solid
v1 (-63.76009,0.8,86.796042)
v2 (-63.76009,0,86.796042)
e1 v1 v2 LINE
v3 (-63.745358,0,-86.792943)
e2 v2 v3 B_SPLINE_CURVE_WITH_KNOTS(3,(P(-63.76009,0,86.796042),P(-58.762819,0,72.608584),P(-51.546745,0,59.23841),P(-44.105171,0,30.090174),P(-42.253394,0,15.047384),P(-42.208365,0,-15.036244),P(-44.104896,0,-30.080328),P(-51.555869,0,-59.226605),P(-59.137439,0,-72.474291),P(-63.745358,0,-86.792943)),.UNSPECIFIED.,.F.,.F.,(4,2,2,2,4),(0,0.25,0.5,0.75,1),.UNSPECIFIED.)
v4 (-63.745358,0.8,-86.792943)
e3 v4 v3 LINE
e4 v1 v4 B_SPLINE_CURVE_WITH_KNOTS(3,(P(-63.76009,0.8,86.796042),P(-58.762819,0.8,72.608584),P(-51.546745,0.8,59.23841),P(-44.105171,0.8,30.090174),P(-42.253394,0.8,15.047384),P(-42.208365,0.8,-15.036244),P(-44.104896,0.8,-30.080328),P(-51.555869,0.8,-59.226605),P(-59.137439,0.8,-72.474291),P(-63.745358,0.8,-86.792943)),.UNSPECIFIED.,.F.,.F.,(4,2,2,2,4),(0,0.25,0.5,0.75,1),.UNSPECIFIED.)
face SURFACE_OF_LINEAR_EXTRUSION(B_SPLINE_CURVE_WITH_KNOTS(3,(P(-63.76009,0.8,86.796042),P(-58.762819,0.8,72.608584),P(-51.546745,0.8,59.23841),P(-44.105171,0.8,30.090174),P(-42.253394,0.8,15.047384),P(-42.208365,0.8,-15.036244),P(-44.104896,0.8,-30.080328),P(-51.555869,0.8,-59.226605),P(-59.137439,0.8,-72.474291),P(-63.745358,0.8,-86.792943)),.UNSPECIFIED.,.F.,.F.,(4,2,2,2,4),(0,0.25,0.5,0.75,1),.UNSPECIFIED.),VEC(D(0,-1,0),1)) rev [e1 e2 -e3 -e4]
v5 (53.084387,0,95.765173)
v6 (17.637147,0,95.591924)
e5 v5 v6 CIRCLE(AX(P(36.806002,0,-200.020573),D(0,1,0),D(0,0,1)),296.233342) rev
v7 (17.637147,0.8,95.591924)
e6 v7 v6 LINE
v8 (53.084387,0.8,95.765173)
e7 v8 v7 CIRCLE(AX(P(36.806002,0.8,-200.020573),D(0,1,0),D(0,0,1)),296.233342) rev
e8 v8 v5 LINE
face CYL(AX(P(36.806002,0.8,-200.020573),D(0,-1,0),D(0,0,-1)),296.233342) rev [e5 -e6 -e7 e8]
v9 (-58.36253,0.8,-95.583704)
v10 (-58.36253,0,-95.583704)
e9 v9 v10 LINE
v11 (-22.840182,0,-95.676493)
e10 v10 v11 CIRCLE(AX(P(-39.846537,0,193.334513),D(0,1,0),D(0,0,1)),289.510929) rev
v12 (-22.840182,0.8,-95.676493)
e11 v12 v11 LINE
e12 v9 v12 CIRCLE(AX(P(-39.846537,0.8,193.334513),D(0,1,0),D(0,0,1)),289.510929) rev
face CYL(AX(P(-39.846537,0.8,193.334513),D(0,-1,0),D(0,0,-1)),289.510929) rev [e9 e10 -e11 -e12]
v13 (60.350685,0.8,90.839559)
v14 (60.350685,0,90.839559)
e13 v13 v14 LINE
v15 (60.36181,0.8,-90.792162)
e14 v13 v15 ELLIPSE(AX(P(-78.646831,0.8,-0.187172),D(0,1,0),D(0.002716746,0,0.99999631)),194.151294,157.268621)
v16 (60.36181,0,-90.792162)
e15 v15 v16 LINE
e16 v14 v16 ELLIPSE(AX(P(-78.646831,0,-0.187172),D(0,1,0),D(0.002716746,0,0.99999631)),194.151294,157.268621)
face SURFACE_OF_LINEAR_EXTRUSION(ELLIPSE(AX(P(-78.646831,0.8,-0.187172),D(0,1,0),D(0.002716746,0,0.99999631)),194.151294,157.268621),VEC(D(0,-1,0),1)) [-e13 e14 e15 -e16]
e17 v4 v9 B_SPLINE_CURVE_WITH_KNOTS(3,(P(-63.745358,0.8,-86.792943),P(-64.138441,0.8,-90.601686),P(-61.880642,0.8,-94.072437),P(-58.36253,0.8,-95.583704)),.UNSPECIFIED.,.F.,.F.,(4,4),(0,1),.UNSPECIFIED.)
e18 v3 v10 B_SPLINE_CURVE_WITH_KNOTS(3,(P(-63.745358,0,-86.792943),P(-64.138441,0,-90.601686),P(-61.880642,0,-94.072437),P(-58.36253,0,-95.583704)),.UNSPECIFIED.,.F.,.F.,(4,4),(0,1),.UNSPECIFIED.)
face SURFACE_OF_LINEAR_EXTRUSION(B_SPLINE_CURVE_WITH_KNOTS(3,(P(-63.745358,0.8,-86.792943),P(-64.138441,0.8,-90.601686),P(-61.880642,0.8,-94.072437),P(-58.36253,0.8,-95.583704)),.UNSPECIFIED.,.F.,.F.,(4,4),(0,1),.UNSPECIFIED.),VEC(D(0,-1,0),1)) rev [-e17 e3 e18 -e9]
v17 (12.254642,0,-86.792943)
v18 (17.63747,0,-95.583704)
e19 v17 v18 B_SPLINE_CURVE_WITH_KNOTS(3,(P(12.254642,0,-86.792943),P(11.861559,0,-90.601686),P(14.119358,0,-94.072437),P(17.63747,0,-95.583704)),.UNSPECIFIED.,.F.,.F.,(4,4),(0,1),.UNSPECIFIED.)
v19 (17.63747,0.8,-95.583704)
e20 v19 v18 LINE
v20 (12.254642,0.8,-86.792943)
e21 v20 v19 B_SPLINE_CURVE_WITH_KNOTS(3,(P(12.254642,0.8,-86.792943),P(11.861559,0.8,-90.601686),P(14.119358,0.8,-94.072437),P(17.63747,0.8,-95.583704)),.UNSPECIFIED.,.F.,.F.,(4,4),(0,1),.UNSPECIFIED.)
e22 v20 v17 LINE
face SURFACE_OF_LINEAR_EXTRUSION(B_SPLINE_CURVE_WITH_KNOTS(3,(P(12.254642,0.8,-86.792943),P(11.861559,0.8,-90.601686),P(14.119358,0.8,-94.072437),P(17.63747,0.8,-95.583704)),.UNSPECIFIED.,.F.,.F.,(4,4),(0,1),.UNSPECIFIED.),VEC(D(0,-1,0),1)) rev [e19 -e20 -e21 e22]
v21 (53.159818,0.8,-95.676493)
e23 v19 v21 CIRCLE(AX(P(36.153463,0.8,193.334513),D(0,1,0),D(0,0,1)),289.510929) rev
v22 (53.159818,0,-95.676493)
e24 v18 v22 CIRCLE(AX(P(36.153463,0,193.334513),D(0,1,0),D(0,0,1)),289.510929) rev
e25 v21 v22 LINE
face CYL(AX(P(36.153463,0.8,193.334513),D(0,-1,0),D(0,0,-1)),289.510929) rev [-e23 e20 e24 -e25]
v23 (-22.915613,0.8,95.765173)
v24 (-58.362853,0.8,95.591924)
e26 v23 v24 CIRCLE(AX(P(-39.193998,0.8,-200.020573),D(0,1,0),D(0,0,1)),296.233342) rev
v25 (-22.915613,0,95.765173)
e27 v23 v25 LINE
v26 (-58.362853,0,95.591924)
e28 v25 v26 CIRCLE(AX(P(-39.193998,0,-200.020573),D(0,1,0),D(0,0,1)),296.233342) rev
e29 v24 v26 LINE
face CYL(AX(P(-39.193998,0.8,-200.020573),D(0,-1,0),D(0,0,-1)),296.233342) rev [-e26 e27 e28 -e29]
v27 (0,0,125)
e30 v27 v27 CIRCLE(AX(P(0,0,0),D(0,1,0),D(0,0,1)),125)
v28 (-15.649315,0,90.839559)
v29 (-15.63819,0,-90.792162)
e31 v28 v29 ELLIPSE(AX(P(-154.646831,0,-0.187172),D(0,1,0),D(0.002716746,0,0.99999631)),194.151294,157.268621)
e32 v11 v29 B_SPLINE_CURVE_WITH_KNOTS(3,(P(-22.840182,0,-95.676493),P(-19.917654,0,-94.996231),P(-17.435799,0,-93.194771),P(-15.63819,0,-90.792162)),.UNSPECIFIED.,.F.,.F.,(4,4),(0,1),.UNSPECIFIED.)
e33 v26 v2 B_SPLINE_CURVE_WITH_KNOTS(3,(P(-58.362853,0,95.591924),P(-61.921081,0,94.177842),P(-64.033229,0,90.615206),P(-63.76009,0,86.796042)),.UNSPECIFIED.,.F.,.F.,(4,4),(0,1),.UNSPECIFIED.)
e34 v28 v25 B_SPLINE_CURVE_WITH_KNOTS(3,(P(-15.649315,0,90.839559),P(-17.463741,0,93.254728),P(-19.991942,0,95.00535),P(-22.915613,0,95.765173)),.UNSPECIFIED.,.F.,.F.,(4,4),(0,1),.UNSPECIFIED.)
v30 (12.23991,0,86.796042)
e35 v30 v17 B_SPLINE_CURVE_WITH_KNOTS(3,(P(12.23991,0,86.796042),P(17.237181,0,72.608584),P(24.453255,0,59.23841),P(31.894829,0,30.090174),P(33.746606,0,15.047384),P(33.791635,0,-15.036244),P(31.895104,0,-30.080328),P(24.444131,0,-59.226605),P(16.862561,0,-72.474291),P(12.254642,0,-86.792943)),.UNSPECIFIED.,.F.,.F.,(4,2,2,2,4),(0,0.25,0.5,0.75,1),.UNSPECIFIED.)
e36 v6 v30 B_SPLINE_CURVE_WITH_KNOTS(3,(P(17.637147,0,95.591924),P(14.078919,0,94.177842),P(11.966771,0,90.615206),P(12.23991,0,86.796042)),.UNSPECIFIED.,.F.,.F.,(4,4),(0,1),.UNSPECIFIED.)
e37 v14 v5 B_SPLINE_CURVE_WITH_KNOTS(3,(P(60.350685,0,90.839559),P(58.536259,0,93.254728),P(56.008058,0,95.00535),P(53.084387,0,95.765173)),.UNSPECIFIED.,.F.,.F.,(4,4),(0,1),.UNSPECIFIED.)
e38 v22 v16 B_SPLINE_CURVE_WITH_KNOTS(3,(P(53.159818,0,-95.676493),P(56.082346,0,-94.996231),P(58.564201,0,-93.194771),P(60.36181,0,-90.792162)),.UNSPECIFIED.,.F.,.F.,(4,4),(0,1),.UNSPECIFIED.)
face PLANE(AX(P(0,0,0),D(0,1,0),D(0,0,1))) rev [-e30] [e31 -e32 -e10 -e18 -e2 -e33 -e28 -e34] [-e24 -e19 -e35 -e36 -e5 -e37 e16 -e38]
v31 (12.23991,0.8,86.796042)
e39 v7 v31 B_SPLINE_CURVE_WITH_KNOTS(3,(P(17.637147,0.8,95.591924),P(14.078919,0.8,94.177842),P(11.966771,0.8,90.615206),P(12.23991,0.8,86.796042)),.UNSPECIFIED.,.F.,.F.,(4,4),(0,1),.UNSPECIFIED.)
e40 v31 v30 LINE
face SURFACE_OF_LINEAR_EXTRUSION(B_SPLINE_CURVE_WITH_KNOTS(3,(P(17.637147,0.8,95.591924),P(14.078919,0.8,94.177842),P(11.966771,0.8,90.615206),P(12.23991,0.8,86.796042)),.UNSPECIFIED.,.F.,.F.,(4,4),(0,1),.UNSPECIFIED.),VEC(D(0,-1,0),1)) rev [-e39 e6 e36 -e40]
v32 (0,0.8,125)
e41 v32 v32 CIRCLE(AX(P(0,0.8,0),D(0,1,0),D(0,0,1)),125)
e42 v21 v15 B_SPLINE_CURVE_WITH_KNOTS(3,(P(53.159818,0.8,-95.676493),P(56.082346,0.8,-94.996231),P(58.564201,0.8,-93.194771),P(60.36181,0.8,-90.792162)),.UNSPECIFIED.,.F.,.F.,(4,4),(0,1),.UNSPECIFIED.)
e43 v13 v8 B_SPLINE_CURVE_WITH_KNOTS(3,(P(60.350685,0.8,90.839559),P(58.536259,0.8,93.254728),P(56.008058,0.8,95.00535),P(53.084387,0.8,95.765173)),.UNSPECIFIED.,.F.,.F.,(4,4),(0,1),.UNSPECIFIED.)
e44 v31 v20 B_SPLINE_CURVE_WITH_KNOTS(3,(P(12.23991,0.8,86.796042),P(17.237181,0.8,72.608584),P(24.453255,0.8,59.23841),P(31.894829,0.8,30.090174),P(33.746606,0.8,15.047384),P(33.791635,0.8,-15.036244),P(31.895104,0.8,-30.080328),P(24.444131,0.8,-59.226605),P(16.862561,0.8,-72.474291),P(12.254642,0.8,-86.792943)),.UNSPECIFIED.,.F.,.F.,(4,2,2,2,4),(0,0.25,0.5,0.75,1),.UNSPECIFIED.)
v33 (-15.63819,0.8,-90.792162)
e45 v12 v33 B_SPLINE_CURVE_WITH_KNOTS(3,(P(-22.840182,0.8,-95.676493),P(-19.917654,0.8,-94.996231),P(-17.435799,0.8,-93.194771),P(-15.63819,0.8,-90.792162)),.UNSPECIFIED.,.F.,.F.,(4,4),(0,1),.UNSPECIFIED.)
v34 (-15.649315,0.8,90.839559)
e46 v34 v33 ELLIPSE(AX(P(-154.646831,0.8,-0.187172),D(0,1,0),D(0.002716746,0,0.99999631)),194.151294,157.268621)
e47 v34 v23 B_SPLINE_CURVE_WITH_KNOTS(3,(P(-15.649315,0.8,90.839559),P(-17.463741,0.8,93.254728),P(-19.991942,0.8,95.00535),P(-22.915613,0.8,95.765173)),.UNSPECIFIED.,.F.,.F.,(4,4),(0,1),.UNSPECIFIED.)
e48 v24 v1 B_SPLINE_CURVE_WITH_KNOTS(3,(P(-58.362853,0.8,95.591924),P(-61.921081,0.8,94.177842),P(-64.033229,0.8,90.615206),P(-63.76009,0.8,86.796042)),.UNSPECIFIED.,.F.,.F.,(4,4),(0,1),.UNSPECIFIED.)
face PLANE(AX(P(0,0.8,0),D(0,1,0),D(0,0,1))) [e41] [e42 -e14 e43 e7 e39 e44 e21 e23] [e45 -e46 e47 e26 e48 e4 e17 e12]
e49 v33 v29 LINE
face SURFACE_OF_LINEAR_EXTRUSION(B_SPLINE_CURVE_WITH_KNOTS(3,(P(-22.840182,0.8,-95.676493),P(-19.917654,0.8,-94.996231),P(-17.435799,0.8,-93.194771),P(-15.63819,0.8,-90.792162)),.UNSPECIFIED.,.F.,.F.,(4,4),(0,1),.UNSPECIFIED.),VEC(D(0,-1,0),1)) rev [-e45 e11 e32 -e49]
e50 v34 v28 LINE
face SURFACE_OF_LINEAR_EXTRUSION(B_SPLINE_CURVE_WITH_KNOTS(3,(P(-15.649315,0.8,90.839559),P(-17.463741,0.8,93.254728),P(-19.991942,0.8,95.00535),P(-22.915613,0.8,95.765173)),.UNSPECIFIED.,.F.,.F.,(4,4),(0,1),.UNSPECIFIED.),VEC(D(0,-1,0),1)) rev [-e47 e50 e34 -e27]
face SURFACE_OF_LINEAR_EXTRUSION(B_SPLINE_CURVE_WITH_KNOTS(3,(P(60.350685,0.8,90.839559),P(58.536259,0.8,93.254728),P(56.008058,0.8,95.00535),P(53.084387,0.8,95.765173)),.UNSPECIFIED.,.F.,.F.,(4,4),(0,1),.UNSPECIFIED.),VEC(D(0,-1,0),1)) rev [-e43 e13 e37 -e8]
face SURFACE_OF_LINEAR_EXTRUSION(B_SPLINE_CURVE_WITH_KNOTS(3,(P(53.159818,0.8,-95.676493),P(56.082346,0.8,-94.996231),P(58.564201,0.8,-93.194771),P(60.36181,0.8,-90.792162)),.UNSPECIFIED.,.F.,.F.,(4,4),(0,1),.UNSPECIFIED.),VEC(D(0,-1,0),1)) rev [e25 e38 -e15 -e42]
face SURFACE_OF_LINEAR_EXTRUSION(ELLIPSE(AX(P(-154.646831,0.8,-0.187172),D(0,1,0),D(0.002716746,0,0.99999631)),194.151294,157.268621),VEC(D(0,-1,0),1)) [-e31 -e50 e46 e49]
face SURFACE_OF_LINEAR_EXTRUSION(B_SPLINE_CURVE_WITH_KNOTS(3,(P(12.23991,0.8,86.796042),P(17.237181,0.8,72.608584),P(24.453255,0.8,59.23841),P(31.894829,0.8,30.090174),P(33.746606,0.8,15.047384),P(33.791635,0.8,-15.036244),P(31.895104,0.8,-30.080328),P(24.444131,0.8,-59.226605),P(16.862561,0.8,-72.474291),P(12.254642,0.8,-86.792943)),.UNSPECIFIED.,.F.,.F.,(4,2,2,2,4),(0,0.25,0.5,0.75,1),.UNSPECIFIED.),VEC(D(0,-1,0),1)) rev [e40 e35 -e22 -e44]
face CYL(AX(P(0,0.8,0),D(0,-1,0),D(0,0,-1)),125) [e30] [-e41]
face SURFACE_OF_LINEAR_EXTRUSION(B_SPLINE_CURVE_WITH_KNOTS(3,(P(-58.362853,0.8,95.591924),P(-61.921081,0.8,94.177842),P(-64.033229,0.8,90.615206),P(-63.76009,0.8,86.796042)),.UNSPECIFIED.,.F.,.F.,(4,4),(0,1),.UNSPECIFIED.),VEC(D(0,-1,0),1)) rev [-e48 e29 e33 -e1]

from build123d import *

# Parameters (mm, degrees)
SKETCH1_R           = 125
BOSS_EXTRUDE1_DEPTH = 0.8


with BuildPart() as part:
    # Sketch1 → Boss-Extrude1 (new body)
    with BuildSketch(Plane(origin=(0, 0, 0), x_dir=(1, 0, 0), z_dir=(0, 1, 0))):
        with Locations(Location((0, 0, 0), (0, 0, 270))):
            Circle(SKETCH1_R)
        with BuildLine():
            ThreePointArc((17.637470301, 95.583703669), (35.39721968, 96.175428091), (53.159818023, 95.676493311))
            add(Edge.make_bspline(
                [(53.159818023, 95.676493311), (56.08234597, 94.996231289), (58.564200991, 93.194770615), (60.361809914, 90.792161995)],
                knots=[0, 0, 0, 0, 1, 1, 1, 1], degree=3))
            add(Edge.make_bspline(
                [(60.350685033, -90.839559126), (99.288183814, -0.082759064), (60.361809914, 90.792161995)],
                knots=[1.080613073, 1.080613073, 1.080613073, 2.054120599, 2.054120599, 2.054120599], degree=2, weights=[1, 0.88385597, 1]))
            add(Edge.make_bspline(
                [(60.350685033, -90.839559126), (58.536259011, -93.25472766), (56.008057905, -95.005350463), (53.084387141, -95.765172879)],
                knots=[0, 0, 0, 0, 1, 1, 1, 1], degree=3))
            ThreePointArc((53.084387141, -95.765172879), (35.358173243, -96.209231493), (17.637146794, -95.591923789))
            add(Edge.make_bspline(
                [(17.637146794, -95.591923789), (14.078918858, -94.177841771), (11.966771187, -90.615205857), (12.239909507, -86.796042408)],
                knots=[0, 0, 0, 0, 1, 1, 1, 1], degree=3))
            add(Edge.make_bspline(
                [(12.239909507, -86.796042408), (17.237181475, -72.608584217), (24.453254999, -59.238409711), (31.894828879, -30.090174015), (33.746605648, -15.047383971), (33.791634635, 15.036244417), (31.895103774, 30.080327703), (24.444131359, 59.226605128), (16.862561087, 72.474291436), (12.25464212, 86.792942903)],
                knots=[0, 0, 0, 0, 0.25, 0.25, 0.5, 0.5, 0.75, 0.75, 1, 1, 1, 1], degree=3))
            add(Edge.make_bspline(
                [(12.25464212, 86.792942903), (11.86155894, 90.601686389), (14.119358115, 94.07243666), (17.637470301, 95.583703669)],
                knots=[0, 0, 0, 0, 1, 1, 1, 1], degree=3))
        make_face(mode=Mode.SUBTRACT)
        with BuildLine():
            add(Edge.make_bspline(
                [(-63.760090493, -86.796042408), (-58.762818525, -72.608584217), (-51.546745001, -59.238409711), (-44.105171121, -30.090174015), (-42.253394352, -15.047383971), (-42.208365365, 15.036244417), (-44.104896226, 30.080327703), (-51.555868641, 59.226605128), (-59.137438913, 72.474291436), (-63.74535788, 86.792942903)],
                knots=[0, 0, 0, 0, 0.25, 0.25, 0.5, 0.5, 0.75, 0.75, 1, 1, 1, 1], degree=3))
            add(Edge.make_bspline(
                [(-63.74535788, 86.792942903), (-64.13844106, 90.601686389), (-61.880641885, 94.07243666), (-58.362529699, 95.583703669)],
                knots=[0, 0, 0, 0, 1, 1, 1, 1], degree=3))
            ThreePointArc((-58.362529699, 95.583703669), (-40.60278032, 96.175428091), (-22.840181977, 95.676493311))
            add(Edge.make_bspline(
                [(-22.840181977, 95.676493311), (-19.91765403, 94.996231289), (-17.435799009, 93.194770615), (-15.638190086, 90.792161995)],
                knots=[0, 0, 0, 0, 1, 1, 1, 1], degree=3))
            add(Edge.make_bspline(
                [(-15.649314967, -90.839559126), (23.288183814, -0.082759064), (-15.638190086, 90.792161995)],
                knots=[1.080613073, 1.080613073, 1.080613073, 2.054120599, 2.054120599, 2.054120599], degree=2, weights=[1, 0.88385597, 1]))
            add(Edge.make_bspline(
                [(-15.649314967, -90.839559126), (-17.463740989, -93.25472766), (-19.991942095, -95.005350463), (-22.915612859, -95.765172879)],
                knots=[0, 0, 0, 0, 1, 1, 1, 1], degree=3))
            ThreePointArc((-22.915612859, -95.765172879), (-40.641826757, -96.209231493), (-58.362853206, -95.591923789))
            add(Edge.make_bspline(
                [(-58.362853206, -95.591923789), (-61.921081142, -94.177841771), (-64.033228813, -90.615205857), (-63.760090493, -86.796042408)],
                knots=[0, 0, 0, 0, 1, 1, 1, 1], degree=3))
        make_face(mode=Mode.SUBTRACT)
    extrude(amount=BOSS_EXTRUDE1_DEPTH)


solid = part.part
